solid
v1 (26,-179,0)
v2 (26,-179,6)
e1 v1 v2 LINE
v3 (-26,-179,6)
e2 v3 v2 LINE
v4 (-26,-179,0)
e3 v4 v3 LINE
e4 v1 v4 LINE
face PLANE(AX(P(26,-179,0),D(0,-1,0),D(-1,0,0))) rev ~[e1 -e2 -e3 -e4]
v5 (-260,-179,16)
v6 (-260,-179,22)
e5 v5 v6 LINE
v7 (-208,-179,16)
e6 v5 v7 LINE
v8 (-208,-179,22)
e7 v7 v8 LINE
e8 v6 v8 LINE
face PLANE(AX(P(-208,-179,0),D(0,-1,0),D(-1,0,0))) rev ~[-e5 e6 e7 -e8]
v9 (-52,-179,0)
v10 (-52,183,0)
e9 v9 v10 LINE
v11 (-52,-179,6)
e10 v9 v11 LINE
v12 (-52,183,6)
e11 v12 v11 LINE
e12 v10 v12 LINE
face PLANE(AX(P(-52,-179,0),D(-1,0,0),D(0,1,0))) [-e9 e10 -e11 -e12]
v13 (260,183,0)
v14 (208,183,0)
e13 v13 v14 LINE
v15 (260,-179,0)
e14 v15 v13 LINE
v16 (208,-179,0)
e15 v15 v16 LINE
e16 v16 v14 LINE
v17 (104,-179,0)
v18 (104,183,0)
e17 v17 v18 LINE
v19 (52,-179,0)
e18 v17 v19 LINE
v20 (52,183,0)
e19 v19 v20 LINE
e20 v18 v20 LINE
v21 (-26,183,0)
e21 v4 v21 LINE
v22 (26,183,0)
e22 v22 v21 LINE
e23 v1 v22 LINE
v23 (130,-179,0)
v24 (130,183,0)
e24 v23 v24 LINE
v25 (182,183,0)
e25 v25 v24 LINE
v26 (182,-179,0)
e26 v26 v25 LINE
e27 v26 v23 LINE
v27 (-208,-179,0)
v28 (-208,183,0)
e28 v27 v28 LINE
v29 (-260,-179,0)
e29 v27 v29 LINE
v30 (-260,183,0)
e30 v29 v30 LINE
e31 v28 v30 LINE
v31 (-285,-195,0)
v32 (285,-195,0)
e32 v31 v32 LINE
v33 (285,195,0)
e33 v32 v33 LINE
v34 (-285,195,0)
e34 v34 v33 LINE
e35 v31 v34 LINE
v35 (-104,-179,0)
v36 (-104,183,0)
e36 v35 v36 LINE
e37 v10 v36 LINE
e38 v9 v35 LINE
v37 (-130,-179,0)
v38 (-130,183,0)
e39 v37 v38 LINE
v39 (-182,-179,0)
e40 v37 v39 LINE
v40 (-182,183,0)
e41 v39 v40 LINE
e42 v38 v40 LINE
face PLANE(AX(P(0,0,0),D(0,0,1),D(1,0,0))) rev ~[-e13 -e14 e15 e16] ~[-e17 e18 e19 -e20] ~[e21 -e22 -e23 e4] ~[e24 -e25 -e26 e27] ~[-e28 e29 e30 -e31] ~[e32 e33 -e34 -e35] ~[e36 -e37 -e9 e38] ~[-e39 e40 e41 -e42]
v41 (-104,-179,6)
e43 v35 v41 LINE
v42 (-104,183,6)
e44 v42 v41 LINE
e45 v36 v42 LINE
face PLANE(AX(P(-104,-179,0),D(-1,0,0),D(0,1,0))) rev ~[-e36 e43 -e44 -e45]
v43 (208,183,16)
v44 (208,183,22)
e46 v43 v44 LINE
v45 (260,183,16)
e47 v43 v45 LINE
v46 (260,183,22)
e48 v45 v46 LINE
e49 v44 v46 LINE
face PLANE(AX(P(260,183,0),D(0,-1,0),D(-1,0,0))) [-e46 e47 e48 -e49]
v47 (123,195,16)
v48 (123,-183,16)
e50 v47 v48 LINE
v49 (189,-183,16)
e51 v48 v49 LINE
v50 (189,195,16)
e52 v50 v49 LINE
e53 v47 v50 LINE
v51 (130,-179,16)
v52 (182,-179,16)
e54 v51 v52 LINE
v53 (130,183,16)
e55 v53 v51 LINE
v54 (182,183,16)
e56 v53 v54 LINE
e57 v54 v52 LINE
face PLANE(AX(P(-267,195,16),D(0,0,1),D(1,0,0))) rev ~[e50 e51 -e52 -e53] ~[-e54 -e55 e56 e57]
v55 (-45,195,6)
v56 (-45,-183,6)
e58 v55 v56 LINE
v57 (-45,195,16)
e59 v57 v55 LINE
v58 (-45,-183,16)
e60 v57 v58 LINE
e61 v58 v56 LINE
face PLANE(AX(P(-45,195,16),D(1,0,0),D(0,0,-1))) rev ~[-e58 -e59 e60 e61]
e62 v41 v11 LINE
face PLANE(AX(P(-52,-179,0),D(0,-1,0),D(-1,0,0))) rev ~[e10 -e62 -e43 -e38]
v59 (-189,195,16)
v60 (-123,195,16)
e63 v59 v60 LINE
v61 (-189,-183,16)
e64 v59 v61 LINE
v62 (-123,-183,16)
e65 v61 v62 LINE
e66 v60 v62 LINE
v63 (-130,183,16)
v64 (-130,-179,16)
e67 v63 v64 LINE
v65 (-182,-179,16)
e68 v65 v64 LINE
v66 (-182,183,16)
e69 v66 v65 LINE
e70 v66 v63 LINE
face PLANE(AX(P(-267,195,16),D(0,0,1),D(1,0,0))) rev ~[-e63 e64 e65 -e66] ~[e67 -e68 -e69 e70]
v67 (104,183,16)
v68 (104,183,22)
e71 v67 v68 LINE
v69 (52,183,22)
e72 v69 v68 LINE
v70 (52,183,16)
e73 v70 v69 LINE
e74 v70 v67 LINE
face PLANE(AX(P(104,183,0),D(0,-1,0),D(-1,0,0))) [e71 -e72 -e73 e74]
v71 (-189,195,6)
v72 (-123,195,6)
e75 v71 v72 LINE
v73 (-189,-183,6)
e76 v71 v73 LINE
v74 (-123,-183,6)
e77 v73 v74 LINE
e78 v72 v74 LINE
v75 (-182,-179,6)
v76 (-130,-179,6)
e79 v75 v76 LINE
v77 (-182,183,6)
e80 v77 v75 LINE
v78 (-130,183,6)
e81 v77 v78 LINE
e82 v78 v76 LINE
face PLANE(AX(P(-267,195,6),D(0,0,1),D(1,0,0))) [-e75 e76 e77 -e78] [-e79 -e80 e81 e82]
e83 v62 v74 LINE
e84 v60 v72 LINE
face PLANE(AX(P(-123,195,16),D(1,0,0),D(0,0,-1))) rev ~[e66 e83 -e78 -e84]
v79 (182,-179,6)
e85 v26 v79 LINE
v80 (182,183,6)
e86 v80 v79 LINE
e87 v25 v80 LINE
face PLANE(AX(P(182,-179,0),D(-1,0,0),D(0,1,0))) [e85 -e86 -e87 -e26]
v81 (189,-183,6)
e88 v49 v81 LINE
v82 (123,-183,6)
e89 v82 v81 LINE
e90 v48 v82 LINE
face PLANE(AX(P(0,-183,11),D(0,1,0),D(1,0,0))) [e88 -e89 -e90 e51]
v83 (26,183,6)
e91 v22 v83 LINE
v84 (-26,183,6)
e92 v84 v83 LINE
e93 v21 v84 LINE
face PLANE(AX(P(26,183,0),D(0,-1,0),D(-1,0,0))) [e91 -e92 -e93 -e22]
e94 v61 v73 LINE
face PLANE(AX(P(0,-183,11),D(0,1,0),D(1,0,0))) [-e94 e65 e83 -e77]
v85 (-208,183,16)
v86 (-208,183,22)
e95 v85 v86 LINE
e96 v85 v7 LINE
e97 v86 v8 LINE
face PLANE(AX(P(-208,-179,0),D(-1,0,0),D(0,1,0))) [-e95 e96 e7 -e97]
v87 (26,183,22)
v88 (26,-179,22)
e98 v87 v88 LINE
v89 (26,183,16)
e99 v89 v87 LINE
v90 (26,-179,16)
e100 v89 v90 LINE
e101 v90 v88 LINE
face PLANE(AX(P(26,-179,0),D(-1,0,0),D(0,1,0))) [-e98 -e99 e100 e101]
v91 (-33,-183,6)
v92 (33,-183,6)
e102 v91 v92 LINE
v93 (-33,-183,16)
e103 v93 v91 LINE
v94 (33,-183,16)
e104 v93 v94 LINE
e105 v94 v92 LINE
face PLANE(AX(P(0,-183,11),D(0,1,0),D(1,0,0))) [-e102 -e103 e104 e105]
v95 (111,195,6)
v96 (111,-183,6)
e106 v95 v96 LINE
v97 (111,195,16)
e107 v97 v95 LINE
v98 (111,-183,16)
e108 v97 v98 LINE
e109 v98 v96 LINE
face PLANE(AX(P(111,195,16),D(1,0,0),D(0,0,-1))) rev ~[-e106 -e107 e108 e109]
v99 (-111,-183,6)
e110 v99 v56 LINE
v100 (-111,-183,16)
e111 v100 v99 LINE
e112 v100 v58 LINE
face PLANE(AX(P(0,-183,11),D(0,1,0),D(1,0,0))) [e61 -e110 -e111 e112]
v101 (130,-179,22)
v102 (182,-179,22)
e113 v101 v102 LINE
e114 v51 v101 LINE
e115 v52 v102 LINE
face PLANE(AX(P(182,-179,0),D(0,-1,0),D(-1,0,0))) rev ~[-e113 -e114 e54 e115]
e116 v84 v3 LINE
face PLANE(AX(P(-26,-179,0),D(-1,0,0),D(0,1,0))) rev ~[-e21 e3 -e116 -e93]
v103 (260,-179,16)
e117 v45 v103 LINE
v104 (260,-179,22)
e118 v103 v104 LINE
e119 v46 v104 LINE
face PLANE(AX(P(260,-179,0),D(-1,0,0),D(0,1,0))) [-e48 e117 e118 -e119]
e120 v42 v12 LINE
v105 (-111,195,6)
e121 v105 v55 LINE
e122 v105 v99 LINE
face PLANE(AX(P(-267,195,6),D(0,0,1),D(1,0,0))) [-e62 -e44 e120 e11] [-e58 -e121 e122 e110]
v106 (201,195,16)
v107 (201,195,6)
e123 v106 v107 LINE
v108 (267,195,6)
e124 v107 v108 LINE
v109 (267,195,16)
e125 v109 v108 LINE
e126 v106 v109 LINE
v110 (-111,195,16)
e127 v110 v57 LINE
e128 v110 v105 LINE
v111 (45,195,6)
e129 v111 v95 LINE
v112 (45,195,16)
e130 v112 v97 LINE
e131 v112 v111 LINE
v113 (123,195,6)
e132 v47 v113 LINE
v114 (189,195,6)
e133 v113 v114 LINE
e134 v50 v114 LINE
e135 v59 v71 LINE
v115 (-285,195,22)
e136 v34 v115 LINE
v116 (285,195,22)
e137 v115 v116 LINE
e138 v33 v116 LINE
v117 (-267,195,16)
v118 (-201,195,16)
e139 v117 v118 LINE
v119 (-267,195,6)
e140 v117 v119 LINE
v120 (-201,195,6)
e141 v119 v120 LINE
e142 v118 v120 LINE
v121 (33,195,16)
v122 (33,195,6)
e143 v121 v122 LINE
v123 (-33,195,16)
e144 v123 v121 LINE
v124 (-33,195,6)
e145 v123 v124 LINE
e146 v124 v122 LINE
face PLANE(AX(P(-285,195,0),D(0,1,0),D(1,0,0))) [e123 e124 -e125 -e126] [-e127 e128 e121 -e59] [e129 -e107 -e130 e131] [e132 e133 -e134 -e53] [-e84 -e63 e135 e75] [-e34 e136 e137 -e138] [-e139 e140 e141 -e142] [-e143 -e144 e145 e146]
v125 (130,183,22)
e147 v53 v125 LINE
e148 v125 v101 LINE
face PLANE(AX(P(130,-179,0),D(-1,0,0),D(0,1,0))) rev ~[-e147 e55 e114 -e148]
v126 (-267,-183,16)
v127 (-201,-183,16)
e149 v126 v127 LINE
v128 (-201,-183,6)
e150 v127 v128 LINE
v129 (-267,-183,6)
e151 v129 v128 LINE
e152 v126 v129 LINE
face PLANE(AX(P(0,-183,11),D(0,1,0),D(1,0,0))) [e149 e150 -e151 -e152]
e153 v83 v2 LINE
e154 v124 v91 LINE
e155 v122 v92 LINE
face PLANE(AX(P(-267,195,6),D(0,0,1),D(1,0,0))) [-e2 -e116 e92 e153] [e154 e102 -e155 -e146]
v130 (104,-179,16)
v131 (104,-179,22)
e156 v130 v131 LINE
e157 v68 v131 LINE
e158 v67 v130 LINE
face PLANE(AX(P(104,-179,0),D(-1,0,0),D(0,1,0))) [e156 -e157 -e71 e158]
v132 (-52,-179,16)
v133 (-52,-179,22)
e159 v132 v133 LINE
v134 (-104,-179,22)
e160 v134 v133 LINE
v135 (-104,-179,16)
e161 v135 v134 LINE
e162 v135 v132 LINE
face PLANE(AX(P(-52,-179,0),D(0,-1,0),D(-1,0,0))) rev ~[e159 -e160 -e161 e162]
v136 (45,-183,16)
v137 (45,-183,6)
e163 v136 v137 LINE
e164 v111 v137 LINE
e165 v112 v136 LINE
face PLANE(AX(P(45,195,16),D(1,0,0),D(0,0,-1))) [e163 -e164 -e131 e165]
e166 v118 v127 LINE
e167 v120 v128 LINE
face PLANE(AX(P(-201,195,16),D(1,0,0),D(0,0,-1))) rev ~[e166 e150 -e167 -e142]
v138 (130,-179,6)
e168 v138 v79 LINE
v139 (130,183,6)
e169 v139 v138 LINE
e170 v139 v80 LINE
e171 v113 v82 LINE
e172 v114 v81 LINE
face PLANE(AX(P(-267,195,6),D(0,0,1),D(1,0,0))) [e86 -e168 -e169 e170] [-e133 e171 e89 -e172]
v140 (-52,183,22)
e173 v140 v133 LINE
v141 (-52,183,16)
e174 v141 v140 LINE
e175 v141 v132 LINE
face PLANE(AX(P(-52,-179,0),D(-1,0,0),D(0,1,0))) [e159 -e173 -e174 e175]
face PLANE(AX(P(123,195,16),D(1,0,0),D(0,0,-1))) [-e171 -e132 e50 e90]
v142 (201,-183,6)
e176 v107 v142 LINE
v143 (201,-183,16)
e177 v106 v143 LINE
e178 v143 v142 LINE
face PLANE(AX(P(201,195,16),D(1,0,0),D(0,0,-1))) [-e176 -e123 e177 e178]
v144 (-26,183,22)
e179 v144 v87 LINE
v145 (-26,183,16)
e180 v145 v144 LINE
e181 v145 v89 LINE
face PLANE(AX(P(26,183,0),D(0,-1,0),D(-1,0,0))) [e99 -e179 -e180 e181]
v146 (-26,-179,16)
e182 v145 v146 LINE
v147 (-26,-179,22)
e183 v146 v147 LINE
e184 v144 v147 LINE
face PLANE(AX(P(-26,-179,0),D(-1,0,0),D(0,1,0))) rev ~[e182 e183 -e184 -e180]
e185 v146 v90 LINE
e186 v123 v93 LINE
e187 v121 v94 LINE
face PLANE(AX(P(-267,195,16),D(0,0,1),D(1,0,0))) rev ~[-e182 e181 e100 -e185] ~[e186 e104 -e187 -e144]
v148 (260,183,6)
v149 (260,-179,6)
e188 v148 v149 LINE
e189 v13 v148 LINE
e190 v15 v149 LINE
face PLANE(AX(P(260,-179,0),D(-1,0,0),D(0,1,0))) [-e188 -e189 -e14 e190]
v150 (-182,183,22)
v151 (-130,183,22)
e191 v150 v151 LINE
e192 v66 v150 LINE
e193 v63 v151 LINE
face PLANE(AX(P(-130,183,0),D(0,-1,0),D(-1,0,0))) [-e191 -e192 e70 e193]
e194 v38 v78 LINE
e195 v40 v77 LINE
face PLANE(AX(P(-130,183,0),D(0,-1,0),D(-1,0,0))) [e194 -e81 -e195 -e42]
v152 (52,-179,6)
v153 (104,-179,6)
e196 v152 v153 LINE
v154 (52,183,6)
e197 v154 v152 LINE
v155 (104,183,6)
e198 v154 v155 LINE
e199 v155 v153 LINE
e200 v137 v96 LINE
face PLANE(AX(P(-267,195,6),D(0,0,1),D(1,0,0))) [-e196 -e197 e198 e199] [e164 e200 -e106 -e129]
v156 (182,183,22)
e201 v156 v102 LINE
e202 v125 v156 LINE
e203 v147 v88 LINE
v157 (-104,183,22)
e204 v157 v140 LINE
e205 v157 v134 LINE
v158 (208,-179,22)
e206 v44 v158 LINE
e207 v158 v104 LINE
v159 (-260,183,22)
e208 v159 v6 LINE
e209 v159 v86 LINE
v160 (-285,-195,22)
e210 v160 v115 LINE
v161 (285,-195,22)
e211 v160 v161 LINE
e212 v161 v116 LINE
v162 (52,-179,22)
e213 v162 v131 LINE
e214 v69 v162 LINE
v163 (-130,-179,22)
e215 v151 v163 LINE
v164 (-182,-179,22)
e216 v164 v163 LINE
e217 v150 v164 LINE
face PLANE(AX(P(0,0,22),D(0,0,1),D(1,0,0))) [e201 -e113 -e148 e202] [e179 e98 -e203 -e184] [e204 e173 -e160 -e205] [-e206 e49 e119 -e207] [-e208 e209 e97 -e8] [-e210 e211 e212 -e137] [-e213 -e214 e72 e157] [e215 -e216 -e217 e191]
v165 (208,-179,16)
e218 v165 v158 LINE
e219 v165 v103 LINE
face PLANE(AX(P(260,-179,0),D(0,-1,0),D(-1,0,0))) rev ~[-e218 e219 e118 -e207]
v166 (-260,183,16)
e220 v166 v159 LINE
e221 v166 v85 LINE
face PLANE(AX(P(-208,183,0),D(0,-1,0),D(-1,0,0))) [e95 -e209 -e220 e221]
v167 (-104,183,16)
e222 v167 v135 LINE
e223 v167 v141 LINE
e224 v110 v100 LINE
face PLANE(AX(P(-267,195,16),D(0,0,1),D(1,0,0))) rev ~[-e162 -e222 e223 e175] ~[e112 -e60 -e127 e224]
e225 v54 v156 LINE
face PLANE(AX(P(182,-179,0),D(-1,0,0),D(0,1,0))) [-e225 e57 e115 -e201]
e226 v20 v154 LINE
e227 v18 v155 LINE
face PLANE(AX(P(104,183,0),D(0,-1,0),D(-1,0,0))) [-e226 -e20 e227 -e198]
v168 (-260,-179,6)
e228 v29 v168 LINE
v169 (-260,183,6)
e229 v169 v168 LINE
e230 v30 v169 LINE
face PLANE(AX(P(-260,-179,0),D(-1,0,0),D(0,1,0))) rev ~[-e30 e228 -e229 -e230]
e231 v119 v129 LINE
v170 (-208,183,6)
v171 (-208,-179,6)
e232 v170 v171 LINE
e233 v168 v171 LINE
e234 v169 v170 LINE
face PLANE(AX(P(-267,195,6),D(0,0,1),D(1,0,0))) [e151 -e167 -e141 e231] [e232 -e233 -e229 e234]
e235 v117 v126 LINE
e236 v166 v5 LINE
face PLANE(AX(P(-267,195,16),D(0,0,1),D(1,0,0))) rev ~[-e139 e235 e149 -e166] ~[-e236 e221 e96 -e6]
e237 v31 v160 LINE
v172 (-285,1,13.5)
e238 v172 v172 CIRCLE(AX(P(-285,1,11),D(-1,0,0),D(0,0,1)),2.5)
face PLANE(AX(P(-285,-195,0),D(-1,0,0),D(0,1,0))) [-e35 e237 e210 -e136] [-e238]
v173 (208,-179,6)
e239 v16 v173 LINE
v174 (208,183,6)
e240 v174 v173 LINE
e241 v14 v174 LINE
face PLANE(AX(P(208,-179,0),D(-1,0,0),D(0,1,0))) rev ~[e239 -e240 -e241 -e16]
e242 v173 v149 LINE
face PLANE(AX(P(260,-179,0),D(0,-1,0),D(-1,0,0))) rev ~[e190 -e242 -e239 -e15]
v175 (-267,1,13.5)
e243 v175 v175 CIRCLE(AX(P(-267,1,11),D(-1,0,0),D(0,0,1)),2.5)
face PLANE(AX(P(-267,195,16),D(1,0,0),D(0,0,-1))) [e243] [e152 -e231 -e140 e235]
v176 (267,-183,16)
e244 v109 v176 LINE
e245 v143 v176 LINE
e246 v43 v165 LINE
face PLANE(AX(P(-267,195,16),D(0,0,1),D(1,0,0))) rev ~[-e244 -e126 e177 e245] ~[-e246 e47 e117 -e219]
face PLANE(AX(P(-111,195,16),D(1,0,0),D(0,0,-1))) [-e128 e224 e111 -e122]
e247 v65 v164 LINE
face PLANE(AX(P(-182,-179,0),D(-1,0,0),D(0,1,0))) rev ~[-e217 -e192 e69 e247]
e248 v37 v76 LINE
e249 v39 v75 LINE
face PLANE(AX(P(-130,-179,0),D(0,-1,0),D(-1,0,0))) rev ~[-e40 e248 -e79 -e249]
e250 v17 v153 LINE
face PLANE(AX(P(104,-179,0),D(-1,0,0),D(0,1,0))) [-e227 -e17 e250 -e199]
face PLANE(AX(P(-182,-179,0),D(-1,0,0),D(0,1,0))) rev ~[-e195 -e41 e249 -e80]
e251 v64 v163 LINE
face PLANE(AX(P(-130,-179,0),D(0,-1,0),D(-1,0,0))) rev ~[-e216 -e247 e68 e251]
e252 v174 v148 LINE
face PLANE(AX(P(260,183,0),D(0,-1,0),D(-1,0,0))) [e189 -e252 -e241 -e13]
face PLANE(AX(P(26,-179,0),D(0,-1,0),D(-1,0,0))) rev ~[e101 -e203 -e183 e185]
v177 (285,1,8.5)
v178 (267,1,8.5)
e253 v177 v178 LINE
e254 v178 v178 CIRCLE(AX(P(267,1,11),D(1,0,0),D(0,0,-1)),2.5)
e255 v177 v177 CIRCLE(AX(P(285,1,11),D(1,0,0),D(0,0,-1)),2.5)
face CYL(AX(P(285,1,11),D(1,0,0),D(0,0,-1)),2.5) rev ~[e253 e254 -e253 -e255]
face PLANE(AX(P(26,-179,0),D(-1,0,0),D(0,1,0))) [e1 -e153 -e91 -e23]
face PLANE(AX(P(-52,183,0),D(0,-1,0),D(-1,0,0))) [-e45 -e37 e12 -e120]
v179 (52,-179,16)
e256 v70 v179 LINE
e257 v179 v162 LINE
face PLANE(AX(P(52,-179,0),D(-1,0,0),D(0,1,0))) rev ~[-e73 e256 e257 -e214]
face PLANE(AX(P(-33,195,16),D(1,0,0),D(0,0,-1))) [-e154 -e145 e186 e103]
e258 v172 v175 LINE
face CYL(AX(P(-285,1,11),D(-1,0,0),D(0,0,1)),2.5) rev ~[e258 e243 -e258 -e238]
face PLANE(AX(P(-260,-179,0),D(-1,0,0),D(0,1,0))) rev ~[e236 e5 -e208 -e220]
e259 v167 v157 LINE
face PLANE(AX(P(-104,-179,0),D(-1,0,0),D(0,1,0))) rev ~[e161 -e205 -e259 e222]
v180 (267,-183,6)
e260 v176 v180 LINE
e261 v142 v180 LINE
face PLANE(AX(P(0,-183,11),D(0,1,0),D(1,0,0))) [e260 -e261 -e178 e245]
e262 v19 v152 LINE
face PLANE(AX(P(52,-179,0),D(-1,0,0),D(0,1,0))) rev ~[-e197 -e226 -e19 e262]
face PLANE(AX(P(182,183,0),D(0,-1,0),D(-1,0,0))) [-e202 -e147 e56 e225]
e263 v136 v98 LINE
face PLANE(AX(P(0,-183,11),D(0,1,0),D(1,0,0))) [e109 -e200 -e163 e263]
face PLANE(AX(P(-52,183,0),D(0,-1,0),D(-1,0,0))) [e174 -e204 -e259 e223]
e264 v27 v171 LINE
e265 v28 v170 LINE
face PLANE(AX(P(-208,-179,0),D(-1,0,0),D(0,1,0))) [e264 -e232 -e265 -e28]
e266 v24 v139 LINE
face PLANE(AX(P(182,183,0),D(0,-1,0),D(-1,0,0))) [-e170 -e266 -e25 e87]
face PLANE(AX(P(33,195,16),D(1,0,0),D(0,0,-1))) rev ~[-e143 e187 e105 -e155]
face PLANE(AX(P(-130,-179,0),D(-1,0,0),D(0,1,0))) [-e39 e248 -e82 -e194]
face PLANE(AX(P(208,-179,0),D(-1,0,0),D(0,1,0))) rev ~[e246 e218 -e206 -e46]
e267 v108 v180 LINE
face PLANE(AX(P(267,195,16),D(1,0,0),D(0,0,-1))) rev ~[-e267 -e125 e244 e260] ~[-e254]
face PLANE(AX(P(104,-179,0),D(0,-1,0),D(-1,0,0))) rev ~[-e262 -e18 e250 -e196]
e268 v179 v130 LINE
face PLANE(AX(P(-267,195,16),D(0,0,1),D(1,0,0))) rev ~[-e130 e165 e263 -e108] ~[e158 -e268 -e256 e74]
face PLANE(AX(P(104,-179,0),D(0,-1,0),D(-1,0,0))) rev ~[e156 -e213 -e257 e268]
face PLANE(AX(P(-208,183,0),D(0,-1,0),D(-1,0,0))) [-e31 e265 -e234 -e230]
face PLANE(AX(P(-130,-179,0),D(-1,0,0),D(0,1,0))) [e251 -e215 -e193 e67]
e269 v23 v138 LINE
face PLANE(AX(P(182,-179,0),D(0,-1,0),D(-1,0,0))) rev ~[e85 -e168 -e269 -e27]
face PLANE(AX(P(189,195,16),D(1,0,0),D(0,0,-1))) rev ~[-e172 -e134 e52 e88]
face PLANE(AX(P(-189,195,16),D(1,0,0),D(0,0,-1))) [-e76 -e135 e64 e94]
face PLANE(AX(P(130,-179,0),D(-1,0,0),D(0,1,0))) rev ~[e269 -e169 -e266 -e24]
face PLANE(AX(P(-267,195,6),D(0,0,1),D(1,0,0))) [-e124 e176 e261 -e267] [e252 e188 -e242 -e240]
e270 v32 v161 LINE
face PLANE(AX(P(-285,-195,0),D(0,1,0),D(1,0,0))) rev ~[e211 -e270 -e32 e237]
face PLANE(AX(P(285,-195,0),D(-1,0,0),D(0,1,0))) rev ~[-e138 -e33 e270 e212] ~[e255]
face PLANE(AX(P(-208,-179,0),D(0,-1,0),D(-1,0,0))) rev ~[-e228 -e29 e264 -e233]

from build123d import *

# Parameters (mm, degrees)
SKETCH2_W           = 570
SKETCH2_H           = 390
BOSS_EXTRUDE1_DEPTH = 22
SKETCH4_W           = 534
SKETCH4_H           = 10
CUT_EXTRUDE1_DEPTH  = 378
SKETCH5_W           = 12
SKETCH5_H           = 10
BOSS_EXTRUDE2_DEPTH = 378
CUT_EXTRUDE3_REACH  = 572
SKETCH6_R           = 2.5
CUT_EXTRUDE4_REACH  = 572
SKETCH7_R           = 2.5
SKETCH3_W           = 52
SKETCH3_H           = 362
CUT_EXTRUDE5_DEPTH  = 23


with BuildPart() as part:
    # Sketch2 → Boss-Extrude1 (new body)
    with BuildSketch(Plane.XY):
        Rectangle(SKETCH2_W, SKETCH2_H)
    extrude(amount=BOSS_EXTRUDE1_DEPTH)

    # Sketch4 → Cut-Extrude1 (cut)
    with BuildSketch(Plane(origin=(0, 195, 0), x_dir=(1, 0, 0), z_dir=(0, 1, 0))):
        with Locations((0, -11)):
            Rectangle(SKETCH4_W, SKETCH4_H)
    extrude(amount=-CUT_EXTRUDE1_DEPTH, mode=Mode.SUBTRACT)

    # Sketch5 → Boss-Extrude2 (add)
    with BuildSketch(Plane(origin=(0, 195, 0), x_dir=(1, 0, 0), z_dir=(0, 1, 0))):
        with Locations((195, -11)):
            Rectangle(SKETCH5_W, SKETCH5_H)
        with Locations((117, -11)):
            Rectangle(SKETCH5_W, SKETCH5_H)
        with Locations((39, -11)):
            Rectangle(SKETCH5_W, SKETCH5_H)
        with Locations((-39, -11)):
            Rectangle(SKETCH5_W, SKETCH5_H)
        with Locations((-117, -11)):
            Rectangle(SKETCH5_W, SKETCH5_H)
        with Locations((-195, -11)):
            Rectangle(SKETCH5_W, SKETCH5_H)
    extrude(amount=-BOSS_EXTRUDE2_DEPTH)

    # Sketch6 → Cut-Extrude3 (cut, up to next)
    with BuildSketch(Plane.ZY.offset(285), mode=Mode.PRIVATE) as cut_extrude3_sk1:
        with Locations((11, 1)):
            Circle(SKETCH6_R)
    cut_extrude3_tool1 = extrude(cut_extrude3_sk1.sketch, amount=-CUT_EXTRUDE3_REACH, mode=Mode.PRIVATE) & part.part
    add(cut_extrude3_tool1.solids().sort_by_distance((-285, 1, 11))[0], mode=Mode.SUBTRACT)

    # Sketch7 → Cut-Extrude4 (cut, up to next)
    with BuildSketch(Plane(origin=(285, 0, 0), x_dir=(0, 0, -1), z_dir=(1, 0, 0)), mode=Mode.PRIVATE) as cut_extrude4_sk1:
        with Locations((-11, 1)):
            Circle(SKETCH7_R)
    cut_extrude4_tool1 = extrude(cut_extrude4_sk1.sketch, amount=-CUT_EXTRUDE4_REACH, mode=Mode.PRIVATE) & part.part
    add(cut_extrude4_tool1.solids().sort_by_distance((285, 1, 11))[0], mode=Mode.SUBTRACT)

    # Sketch3 → Cut-Extrude5 (cut, through all)
    with BuildSketch(Plane(origin=(0, 0, 0), x_dir=(-1, 0, 0), z_dir=(0, 0, -1))):
        with Locations((-156, 2)):
            Rectangle(SKETCH3_W, SKETCH3_H)
        with Locations((-234, 2)):
            Rectangle(SKETCH3_W, SKETCH3_H)
        with Locations((-78, 2)):
            Rectangle(SKETCH3_W, SKETCH3_H)
        with Locations((0, 2)):
            Rectangle(SKETCH3_W, SKETCH3_H)
        with Locations((78, 2)):
            Rectangle(SKETCH3_W, SKETCH3_H)
        with Locations((156, 2)):
            Rectangle(SKETCH3_W, SKETCH3_H)
        with Locations((234, 2)):
            Rectangle(SKETCH3_W, SKETCH3_H)
    extrude(amount=-CUT_EXTRUDE5_DEPTH, mode=Mode.SUBTRACT)


solid = part.part
